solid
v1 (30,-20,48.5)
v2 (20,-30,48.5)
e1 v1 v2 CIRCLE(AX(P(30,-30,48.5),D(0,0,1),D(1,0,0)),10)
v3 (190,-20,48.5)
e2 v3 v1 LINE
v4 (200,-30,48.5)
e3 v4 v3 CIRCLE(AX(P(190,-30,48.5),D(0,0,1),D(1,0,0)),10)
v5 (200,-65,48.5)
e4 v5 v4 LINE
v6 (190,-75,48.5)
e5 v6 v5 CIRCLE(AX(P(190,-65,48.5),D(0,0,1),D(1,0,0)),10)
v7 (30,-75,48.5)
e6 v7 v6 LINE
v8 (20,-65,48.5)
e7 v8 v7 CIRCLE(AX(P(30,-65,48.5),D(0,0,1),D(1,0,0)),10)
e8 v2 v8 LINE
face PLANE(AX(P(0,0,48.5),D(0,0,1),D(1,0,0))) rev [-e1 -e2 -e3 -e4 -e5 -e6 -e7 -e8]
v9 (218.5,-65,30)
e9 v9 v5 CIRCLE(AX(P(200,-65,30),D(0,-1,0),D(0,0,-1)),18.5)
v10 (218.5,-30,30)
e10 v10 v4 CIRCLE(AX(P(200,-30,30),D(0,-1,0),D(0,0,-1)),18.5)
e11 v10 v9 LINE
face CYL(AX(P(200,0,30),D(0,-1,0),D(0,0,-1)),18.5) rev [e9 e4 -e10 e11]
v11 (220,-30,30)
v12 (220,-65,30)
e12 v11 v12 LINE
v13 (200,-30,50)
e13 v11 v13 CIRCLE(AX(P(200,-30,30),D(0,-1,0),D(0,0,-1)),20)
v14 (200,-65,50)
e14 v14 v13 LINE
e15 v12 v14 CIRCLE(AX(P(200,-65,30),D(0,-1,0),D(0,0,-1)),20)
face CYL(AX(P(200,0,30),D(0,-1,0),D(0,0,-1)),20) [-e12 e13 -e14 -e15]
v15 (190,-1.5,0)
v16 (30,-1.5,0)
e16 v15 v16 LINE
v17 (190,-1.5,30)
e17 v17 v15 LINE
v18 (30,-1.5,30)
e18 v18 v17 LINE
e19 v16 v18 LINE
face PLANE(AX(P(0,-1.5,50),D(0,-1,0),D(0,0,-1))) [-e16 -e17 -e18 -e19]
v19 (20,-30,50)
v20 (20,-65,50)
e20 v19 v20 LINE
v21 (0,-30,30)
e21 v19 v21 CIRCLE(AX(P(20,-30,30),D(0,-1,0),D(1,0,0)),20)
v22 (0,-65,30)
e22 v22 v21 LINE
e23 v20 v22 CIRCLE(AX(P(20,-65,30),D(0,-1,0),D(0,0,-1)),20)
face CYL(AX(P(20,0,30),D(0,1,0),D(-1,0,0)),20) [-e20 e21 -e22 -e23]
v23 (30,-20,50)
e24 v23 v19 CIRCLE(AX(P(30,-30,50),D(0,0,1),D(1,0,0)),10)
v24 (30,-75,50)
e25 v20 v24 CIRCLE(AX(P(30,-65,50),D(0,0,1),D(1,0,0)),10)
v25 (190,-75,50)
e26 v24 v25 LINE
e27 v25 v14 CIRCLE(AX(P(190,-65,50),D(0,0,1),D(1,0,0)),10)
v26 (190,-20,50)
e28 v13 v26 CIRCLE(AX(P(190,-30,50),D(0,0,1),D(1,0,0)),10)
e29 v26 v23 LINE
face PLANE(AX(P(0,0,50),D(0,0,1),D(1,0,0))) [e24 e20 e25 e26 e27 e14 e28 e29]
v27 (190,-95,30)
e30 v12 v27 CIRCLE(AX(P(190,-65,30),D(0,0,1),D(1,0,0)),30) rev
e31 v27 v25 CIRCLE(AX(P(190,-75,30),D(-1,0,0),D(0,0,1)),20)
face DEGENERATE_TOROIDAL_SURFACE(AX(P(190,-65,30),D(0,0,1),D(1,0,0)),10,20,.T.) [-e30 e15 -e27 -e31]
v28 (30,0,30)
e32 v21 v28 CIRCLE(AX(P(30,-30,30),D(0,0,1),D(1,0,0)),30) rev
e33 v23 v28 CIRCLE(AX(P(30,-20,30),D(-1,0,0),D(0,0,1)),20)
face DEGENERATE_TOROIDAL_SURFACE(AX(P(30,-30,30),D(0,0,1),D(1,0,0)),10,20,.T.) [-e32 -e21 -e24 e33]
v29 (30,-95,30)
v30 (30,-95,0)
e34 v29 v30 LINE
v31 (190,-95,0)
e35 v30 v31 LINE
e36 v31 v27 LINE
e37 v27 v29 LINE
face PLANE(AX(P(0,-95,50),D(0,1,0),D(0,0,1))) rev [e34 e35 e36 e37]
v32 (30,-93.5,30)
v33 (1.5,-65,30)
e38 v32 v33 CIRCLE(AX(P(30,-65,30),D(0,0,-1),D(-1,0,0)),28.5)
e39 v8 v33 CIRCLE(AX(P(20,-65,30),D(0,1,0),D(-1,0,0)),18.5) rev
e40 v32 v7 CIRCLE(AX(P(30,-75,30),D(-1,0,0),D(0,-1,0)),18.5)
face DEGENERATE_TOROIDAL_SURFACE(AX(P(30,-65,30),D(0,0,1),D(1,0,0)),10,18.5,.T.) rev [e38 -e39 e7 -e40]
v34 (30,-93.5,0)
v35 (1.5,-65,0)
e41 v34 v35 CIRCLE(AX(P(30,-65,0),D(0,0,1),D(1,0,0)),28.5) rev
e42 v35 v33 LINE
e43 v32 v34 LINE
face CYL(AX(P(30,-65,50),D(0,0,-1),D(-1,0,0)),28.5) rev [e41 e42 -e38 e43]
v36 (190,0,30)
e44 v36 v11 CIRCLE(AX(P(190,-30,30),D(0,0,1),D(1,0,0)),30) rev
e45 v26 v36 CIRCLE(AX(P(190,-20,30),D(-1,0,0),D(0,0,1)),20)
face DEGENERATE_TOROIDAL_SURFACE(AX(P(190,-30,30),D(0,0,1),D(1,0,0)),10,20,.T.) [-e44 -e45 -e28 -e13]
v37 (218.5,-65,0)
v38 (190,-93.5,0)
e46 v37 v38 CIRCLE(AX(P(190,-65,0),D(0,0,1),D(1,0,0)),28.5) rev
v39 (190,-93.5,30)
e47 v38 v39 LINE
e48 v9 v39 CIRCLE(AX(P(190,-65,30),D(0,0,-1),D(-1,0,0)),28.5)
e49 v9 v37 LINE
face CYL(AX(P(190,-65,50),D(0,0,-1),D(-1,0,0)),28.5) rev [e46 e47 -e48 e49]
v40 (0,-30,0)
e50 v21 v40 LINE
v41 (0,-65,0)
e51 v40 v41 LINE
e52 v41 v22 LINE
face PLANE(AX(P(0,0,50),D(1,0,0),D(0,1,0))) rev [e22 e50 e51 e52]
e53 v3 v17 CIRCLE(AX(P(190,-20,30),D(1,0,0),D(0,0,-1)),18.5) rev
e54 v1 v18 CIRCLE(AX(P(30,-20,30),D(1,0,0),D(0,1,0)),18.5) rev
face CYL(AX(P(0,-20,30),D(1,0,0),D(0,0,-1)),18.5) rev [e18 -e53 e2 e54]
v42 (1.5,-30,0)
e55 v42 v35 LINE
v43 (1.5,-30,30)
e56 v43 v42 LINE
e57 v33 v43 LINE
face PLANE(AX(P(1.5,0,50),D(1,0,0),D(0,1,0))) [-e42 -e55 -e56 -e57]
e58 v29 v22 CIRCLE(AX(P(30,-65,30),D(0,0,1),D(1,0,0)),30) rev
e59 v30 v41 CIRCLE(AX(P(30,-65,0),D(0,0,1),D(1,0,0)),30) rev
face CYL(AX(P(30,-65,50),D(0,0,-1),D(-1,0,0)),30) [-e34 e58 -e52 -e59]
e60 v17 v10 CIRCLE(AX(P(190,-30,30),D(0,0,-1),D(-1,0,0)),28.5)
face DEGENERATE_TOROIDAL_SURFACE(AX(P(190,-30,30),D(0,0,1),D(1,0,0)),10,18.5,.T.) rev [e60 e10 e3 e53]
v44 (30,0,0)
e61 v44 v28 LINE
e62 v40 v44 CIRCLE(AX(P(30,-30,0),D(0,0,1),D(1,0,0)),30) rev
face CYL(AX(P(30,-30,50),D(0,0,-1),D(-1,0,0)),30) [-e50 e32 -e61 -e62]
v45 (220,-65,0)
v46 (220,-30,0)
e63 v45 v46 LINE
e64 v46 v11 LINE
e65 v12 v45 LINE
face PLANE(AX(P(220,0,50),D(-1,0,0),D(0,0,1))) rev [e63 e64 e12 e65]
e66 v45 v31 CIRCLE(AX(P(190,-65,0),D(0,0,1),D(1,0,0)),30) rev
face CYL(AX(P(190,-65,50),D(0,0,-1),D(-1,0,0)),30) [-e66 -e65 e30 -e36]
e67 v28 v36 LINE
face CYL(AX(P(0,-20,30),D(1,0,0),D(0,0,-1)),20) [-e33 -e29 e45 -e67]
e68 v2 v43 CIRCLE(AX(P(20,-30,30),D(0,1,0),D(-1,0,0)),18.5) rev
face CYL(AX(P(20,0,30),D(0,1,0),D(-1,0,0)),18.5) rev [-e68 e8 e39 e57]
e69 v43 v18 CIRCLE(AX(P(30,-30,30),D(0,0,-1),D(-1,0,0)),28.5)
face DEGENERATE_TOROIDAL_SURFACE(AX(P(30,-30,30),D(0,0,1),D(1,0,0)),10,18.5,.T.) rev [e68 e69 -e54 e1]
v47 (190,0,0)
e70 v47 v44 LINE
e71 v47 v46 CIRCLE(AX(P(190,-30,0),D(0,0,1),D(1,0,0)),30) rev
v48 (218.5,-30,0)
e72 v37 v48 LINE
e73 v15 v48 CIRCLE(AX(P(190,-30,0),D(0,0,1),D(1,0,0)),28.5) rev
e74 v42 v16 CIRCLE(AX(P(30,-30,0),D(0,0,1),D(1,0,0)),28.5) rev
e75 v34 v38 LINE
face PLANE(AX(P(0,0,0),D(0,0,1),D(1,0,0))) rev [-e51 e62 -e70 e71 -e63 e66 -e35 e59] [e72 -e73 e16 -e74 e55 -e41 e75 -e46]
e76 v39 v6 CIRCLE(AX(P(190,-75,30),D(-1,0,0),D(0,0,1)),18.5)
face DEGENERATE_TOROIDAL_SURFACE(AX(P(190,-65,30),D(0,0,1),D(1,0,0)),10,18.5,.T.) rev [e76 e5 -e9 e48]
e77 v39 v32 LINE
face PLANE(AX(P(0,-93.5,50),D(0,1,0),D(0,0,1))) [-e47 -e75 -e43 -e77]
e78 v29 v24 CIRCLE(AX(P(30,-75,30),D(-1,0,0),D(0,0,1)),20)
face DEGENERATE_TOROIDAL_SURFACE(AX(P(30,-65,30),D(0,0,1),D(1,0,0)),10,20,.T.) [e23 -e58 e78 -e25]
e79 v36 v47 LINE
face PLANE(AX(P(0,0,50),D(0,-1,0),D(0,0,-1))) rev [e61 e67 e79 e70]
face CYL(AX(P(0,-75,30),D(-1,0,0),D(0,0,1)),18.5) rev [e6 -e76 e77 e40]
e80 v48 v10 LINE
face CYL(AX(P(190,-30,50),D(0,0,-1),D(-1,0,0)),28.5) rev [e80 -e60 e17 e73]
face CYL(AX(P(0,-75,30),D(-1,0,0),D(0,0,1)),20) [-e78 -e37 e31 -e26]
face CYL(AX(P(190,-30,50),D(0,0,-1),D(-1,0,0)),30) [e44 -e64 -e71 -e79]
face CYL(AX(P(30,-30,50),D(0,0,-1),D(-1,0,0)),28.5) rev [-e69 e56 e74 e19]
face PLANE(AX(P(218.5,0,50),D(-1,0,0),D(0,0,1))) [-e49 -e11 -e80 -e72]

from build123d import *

# Parameters (mm, degrees)
SKETCH1_W           = 220
SKETCH1_H           = 95
BOSS_EXTRUDE1_DEPTH = 50
FILLET1_R           = 30
FILLET2_R           = 20
SHELL1_T            = -1.5


with BuildPart() as part:
    # Sketch1 → Boss-Extrude1 (new body)
    with BuildSketch(Plane.XY):
        with Locations((110, -47.5)):
            Rectangle(SKETCH1_W, SKETCH1_H)
    extrude(amount=BOSS_EXTRUDE1_DEPTH)

    # Fillet1
    fillet1_edges = [part.edges().sort_by_distance(p)[0] for p in [
        (0, 0, 25),
        (220, 0, 25),
        (220, -95, 25),
        (0, -95, 25),
    ]]
    fillet(fillet1_edges, radius=FILLET1_R)

    # Fillet2
    fillet2_edges = [part.edges().sort_by_distance(p)[0] for p in [
        (220, -47.5, 50),
        (110, -95, 50),
        (0, -47.5, 50),
        (110, 0, 50),
        (8.786796564, -8.786796564, 50),
        (8.786796564, -86.213203436, 50),
        (211.213203436, -8.786796564, 50),
        (211.213203436, -86.213203436, 50),
    ]]
    fillet(fillet2_edges, radius=FILLET2_R)

    # Shell1
    shell1_openings = [part.faces().sort_by_distance(p)[0] for p in [
        (110, -47.5, 0),
    ]]
    offset(amount=SHELL1_T, openings=shell1_openings, kind=Kind.INTERSECTION)


solid = part.part
